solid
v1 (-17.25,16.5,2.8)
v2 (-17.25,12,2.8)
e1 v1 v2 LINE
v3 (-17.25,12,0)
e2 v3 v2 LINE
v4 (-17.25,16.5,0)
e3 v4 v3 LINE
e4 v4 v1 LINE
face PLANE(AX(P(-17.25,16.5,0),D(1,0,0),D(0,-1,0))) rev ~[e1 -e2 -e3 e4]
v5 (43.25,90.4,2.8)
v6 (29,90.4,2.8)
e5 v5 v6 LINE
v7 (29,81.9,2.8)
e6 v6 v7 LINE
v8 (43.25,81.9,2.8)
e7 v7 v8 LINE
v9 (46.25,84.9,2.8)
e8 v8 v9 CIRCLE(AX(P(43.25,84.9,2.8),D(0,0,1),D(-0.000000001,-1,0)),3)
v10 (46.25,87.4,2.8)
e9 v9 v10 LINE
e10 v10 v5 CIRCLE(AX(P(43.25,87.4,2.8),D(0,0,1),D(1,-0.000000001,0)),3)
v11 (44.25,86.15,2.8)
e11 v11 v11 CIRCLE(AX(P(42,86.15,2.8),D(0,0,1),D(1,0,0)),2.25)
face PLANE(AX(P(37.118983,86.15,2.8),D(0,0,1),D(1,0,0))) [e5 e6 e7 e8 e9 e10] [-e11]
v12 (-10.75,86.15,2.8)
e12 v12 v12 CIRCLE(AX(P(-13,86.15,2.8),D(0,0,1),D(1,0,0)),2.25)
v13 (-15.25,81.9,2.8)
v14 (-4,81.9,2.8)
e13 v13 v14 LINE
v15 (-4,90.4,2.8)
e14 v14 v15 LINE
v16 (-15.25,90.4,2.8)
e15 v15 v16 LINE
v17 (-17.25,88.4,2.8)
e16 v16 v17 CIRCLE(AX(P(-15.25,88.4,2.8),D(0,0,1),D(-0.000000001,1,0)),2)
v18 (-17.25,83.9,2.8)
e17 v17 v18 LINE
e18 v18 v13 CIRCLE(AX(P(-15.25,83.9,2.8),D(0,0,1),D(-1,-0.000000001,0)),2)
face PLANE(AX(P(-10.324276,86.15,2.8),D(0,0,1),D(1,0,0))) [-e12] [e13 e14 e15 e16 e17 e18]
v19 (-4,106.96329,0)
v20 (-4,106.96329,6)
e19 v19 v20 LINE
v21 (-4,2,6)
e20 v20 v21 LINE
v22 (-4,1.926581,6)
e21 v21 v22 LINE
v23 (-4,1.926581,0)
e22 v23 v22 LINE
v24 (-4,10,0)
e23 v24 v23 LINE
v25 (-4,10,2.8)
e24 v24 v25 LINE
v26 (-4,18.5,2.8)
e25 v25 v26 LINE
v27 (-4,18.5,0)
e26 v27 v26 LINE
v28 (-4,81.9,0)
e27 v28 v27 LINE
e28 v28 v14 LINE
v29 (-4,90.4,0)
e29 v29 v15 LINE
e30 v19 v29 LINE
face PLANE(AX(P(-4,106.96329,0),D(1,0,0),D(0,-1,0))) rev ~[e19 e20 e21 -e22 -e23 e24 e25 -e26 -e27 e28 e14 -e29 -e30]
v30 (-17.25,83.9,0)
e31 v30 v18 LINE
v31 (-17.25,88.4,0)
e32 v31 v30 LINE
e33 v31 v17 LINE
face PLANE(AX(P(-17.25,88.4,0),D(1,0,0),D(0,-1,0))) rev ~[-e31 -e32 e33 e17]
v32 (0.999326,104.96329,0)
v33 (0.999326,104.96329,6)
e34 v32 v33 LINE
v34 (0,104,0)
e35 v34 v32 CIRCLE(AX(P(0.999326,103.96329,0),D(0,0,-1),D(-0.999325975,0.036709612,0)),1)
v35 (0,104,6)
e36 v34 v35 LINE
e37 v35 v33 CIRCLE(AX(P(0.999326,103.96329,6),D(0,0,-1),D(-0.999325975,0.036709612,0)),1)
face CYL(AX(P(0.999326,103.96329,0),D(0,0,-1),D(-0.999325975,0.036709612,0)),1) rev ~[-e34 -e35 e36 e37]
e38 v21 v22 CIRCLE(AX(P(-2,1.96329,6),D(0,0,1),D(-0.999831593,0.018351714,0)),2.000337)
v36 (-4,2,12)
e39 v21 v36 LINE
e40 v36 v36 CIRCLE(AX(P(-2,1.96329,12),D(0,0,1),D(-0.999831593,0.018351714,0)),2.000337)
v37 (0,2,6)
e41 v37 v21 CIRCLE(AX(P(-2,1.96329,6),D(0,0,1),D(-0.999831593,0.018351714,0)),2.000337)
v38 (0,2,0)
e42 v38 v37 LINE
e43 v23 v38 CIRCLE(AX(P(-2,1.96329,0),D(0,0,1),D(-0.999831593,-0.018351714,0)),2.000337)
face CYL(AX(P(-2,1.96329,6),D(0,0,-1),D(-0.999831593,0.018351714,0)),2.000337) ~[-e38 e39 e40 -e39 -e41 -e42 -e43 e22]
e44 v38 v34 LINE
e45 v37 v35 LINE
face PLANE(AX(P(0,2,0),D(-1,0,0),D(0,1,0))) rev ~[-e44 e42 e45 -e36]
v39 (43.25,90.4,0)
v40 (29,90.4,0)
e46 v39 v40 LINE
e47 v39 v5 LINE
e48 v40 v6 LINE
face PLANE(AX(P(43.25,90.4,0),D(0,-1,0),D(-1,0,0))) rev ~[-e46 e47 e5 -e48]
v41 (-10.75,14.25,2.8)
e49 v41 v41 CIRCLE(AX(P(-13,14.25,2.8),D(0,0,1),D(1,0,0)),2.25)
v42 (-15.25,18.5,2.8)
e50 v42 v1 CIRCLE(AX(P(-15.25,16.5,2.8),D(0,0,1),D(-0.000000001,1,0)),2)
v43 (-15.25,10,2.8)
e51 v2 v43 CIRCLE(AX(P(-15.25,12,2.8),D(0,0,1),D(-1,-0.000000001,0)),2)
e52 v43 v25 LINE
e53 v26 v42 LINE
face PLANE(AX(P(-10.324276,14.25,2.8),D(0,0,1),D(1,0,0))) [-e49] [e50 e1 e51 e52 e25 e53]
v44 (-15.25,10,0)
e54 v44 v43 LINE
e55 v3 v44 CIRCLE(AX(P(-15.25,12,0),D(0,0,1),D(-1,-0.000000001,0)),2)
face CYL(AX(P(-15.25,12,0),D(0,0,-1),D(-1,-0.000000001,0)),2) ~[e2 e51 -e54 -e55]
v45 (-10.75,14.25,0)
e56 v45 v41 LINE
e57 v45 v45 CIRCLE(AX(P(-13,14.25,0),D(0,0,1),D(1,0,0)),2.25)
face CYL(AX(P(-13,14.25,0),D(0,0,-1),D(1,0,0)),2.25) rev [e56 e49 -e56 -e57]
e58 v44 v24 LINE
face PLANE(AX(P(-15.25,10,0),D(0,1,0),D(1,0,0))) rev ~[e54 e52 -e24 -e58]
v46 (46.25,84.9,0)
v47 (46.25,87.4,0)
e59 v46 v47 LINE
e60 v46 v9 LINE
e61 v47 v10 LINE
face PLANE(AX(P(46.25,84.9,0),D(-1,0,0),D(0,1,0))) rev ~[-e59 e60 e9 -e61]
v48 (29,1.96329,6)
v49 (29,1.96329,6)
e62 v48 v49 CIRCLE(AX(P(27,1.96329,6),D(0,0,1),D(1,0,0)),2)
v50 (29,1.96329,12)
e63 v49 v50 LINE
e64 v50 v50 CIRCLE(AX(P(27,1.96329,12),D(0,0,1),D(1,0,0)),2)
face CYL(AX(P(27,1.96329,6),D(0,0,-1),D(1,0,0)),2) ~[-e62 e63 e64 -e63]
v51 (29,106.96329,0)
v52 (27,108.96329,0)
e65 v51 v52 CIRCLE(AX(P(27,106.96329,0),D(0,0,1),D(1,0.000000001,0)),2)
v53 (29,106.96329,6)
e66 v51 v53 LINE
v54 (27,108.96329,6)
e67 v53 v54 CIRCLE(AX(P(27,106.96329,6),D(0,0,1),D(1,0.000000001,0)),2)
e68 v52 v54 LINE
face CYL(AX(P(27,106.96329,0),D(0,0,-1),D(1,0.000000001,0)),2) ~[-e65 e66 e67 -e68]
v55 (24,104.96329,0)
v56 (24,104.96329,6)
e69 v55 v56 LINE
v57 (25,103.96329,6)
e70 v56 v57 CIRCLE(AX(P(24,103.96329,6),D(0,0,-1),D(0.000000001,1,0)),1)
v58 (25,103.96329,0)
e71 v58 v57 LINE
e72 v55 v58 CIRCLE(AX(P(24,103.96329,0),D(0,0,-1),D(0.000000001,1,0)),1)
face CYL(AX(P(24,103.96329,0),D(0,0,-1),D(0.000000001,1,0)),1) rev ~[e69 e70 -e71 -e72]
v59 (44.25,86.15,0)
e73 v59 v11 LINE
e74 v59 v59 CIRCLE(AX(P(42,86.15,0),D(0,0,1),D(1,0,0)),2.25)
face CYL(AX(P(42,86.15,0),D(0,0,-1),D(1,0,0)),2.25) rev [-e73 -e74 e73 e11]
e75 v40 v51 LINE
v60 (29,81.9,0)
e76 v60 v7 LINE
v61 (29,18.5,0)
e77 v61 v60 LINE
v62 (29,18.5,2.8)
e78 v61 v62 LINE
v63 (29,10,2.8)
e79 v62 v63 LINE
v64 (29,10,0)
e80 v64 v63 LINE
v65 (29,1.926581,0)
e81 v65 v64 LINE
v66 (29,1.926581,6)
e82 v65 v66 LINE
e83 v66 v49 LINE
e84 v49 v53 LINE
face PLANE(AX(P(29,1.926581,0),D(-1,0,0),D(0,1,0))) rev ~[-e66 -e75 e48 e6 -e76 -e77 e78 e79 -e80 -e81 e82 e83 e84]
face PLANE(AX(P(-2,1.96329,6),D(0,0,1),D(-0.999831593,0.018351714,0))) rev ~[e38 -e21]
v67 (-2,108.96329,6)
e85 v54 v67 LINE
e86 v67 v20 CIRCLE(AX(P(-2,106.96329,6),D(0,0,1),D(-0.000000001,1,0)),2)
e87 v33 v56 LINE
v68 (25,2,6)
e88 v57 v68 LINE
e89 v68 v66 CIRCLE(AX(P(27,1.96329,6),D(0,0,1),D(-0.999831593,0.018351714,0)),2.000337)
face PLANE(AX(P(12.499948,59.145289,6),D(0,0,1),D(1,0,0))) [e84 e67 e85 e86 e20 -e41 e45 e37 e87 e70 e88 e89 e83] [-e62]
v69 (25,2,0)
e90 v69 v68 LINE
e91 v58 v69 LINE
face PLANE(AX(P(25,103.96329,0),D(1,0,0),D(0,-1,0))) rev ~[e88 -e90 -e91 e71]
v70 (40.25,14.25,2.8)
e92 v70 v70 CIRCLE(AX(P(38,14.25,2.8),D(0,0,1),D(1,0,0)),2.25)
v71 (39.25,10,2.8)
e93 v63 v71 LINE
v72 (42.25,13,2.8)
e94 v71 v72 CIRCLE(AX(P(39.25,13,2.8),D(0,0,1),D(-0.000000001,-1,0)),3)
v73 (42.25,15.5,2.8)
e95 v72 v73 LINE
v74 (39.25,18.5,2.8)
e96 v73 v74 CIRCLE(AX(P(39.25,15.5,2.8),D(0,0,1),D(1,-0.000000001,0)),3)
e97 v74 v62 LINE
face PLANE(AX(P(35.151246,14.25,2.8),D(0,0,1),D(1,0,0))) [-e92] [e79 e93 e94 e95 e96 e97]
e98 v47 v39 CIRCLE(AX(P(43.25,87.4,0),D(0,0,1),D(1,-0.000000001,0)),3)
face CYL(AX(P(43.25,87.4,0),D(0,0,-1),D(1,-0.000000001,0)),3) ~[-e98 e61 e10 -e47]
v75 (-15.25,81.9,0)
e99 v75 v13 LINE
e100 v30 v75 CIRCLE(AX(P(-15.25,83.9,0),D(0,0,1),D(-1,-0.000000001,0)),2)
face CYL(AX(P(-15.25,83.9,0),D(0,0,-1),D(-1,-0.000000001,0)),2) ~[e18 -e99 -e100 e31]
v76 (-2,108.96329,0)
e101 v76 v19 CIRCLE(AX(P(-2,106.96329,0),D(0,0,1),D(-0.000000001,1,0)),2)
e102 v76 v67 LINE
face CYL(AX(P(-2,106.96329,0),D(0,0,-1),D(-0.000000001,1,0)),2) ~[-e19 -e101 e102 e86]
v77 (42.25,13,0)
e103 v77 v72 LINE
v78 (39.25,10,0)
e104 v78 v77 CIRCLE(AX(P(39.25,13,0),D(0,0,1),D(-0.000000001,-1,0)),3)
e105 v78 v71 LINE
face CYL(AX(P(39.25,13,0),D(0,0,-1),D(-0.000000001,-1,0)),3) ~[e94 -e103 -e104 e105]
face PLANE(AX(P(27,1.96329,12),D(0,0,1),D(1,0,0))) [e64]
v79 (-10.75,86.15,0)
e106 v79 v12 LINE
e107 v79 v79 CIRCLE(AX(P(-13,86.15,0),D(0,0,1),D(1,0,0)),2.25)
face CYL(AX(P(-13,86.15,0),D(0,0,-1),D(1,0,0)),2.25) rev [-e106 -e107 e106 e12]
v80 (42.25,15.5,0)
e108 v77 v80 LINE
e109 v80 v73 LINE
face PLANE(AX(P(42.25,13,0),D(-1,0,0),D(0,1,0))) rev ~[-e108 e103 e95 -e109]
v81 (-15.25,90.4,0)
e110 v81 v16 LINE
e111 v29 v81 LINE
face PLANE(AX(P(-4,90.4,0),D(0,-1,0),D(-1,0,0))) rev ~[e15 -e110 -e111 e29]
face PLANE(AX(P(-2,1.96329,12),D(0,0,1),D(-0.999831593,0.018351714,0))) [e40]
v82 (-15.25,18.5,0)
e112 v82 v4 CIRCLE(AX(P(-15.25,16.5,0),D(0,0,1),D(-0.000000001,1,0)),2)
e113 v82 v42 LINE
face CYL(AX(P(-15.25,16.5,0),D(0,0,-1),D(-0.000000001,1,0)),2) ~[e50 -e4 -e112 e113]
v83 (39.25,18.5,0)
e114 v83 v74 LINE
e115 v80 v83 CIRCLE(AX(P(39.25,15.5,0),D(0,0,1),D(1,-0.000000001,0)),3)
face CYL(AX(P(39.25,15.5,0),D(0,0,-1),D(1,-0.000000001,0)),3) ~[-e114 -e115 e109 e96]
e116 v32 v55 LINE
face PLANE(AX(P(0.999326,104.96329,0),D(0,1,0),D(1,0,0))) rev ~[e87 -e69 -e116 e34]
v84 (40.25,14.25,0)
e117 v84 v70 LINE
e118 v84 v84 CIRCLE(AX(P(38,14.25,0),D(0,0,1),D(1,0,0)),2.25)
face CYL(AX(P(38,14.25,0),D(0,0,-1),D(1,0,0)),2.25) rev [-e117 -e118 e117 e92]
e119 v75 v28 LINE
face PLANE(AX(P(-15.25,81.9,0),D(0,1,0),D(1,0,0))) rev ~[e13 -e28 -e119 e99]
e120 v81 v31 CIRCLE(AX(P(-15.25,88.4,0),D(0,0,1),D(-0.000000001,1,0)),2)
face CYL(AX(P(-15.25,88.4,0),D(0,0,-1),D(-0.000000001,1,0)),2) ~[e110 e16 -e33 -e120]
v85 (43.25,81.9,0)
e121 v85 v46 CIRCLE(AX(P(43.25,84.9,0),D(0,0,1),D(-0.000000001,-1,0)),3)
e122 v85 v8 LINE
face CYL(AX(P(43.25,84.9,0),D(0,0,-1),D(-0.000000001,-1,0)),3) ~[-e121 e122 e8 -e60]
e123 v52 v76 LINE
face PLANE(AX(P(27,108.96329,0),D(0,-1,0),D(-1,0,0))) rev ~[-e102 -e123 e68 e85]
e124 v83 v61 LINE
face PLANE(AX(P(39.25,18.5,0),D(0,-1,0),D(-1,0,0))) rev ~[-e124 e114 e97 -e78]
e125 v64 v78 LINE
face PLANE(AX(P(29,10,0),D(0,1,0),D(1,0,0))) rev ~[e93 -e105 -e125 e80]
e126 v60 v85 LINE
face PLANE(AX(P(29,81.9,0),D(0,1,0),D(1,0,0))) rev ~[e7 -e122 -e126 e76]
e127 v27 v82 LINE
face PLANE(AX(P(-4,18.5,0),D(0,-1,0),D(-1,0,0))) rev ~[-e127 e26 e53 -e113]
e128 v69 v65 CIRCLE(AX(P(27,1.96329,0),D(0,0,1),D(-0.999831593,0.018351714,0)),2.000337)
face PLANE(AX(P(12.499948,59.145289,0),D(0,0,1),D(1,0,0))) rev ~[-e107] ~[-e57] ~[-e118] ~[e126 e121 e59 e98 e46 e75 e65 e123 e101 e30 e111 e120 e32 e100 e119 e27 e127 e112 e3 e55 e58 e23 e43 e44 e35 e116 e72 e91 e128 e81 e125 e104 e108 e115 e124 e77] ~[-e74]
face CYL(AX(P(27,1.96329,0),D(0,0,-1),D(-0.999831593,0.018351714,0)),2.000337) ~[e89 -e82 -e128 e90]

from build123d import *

# Parameters (mm, degrees)
SKICA1_R                   = 2.25
P_IDAT_VYSUNUT_M10_DEPTH   = 2.8
P_IDAT_VYSUNUT_M10_2_DEPTH = 2.8
P_IDAT_VYSUNUT_M10_3_DEPTH = 2.8
P_IDAT_VYSUNUT_M10_4_DEPTH = 2.8
P_IDAT_VYSUNUT_M11_DEPTH   = 6
SKICA8_R                   = 2.000336871
SKICA8_R_2                 = 2
P_IDAT_VYSUNUT_M12_DEPTH   = 6


with BuildPart() as part:
    # Skica1 → Přidat vysunutím10 (new body)
    with BuildSketch(Plane.XY):
        with BuildLine():
            Line((-15.25, 10), (-4, 10))
            Line((-4, 10), (-4, 18.5))
            Line((-4, 18.5), (-15.25, 18.5))
            ThreePointArc((-15.25, 18.5), (-16.664213562, 17.914213562), (-17.25, 16.5))
            Line((-17.25, 16.5), (-17.25, 12))
            ThreePointArc((-17.25, 12), (-16.664213562, 10.585786438), (-15.25, 10))
        make_face()
        with Locations((-13, 14.25)):
            Circle(SKICA1_R, mode=Mode.SUBTRACT)
    extrude(amount=P_IDAT_VYSUNUT_M10_DEPTH)



with BuildPart() as body_2:
    # Skica1 → P_idat vysunut_m10 2 (new body)
    with BuildSketch(Plane.XY):
        with BuildLine():
            Line((-15.25, 81.9), (-4, 81.9))
            Line((-4, 81.9), (-4, 90.4))
            Line((-4, 90.4), (-15.25, 90.4))
            ThreePointArc((-15.25, 90.4), (-16.664213562, 89.814213562), (-17.25, 88.4))
            Line((-17.25, 88.4), (-17.25, 83.9))
            ThreePointArc((-17.25, 83.9), (-16.664213562, 82.485786438), (-15.25, 81.9))
        make_face()
        with Locations((-13, 86.15)):
            Circle(SKICA1_R, mode=Mode.SUBTRACT)
    extrude(amount=P_IDAT_VYSUNUT_M10_2_DEPTH)


with BuildPart() as body_3:
    # Skica1 → P_idat vysunut_m10 3 (new body)
    with BuildSketch(Plane.XY):
        with BuildLine():
            Line((29, 18.5), (29, 10))
            Line((29, 10), (39.25, 10))
            ThreePointArc((39.25, 10), (41.371320344, 10.878679656), (42.25, 13))
            Line((42.25, 13), (42.25, 15.5))
            ThreePointArc((42.25, 15.5), (41.371320344, 17.621320344), (39.25, 18.5))
            Line((39.25, 18.5), (29, 18.5))
        make_face()
        with Locations((38, 14.25)):
            Circle(SKICA1_R, mode=Mode.SUBTRACT)
    extrude(amount=P_IDAT_VYSUNUT_M10_3_DEPTH)


with BuildPart() as body_4:
    # Skica1 → P_idat vysunut_m10 4 (new body)
    with BuildSketch(Plane.XY):
        with BuildLine():
            Line((43.25, 90.4), (29, 90.4))
            Line((29, 90.4), (29, 81.9))
            Line((29, 81.9), (43.25, 81.9))
            ThreePointArc((43.25, 81.9), (45.371320344, 82.778679656), (46.25, 84.9))
            Line((46.25, 84.9), (46.25, 87.4))
            ThreePointArc((46.25, 87.4), (45.371320344, 89.521320344), (43.25, 90.4))
        make_face()
        with Locations((42, 86.15)):
            Circle(SKICA1_R, mode=Mode.SUBTRACT)
    extrude(amount=P_IDAT_VYSUNUT_M10_4_DEPTH)


with BuildPart() as part_1:
    add(part.part)

    add(body_2.part)  # Přidat vysunutím11 merges body 2

    add(body_3.part)  # Přidat vysunutím11 merges body 3

    add(body_4.part)  # Přidat vysunutím11 merges body 4
    # Skica1<20> → Přidat vysunutím11 (add)
    with BuildSketch(Plane.XY):
        with BuildLine():
            Line((-4, 10), (-4, 1.926580778))
            ThreePointArc((-4, 1.926580778), (-1.963290389, -0.036709611), (0, 2))
            Line((0, 2), (0, 104))
            ThreePointArc((0, 104), (0.305319351, 104.683259003), (0.999325975, 104.963290389))
            Line((0.999325975, 104.963290389), (24, 104.963290389))
            ThreePointArc((24, 104.963290389), (24.707106781, 104.67039717), (25, 103.963290389))
            Line((25, 103.963290389), (25, 2))
            ThreePointArc((25, 2), (26.963290389, -0.036709611), (29, 1.926580778))
            Line((29, 1.926580778), (29, 10))
            Line((29, 10), (29, 18.5))
            Line((29, 18.5), (29, 81.9))
            Line((29, 81.9), (29, 90.4))
            Line((29, 90.4), (29, 106.963290389))
            ThreePointArc((29, 106.963290389), (28.414213562, 108.377503951), (27, 108.963290389))
            Line((27, 108.963290389), (-2, 108.963290389))
            ThreePointArc((-2, 108.963290389), (-3.414213562, 108.377503951), (-4, 106.963290389))
            Line((-4, 106.963290389), (-4, 90.4))
            Line((-4, 90.4), (-4, 81.9))
            Line((-4, 81.9), (-4, 18.5))
            Line((-4, 18.5), (-4, 10))
        make_face()
    extrude(amount=P_IDAT_VYSUNUT_M11_DEPTH)

    # Skica8 → Přidat vysunutím12 (add)
    with BuildSketch(Plane.XY.offset(6)):
        with Locations((-2, 1.963290389)):
            Circle(SKICA8_R)
        with Locations((27, 1.963290389)):
            Circle(SKICA8_R_2)
    extrude(amount=P_IDAT_VYSUNUT_M12_DEPTH)


solid = part_1.part
